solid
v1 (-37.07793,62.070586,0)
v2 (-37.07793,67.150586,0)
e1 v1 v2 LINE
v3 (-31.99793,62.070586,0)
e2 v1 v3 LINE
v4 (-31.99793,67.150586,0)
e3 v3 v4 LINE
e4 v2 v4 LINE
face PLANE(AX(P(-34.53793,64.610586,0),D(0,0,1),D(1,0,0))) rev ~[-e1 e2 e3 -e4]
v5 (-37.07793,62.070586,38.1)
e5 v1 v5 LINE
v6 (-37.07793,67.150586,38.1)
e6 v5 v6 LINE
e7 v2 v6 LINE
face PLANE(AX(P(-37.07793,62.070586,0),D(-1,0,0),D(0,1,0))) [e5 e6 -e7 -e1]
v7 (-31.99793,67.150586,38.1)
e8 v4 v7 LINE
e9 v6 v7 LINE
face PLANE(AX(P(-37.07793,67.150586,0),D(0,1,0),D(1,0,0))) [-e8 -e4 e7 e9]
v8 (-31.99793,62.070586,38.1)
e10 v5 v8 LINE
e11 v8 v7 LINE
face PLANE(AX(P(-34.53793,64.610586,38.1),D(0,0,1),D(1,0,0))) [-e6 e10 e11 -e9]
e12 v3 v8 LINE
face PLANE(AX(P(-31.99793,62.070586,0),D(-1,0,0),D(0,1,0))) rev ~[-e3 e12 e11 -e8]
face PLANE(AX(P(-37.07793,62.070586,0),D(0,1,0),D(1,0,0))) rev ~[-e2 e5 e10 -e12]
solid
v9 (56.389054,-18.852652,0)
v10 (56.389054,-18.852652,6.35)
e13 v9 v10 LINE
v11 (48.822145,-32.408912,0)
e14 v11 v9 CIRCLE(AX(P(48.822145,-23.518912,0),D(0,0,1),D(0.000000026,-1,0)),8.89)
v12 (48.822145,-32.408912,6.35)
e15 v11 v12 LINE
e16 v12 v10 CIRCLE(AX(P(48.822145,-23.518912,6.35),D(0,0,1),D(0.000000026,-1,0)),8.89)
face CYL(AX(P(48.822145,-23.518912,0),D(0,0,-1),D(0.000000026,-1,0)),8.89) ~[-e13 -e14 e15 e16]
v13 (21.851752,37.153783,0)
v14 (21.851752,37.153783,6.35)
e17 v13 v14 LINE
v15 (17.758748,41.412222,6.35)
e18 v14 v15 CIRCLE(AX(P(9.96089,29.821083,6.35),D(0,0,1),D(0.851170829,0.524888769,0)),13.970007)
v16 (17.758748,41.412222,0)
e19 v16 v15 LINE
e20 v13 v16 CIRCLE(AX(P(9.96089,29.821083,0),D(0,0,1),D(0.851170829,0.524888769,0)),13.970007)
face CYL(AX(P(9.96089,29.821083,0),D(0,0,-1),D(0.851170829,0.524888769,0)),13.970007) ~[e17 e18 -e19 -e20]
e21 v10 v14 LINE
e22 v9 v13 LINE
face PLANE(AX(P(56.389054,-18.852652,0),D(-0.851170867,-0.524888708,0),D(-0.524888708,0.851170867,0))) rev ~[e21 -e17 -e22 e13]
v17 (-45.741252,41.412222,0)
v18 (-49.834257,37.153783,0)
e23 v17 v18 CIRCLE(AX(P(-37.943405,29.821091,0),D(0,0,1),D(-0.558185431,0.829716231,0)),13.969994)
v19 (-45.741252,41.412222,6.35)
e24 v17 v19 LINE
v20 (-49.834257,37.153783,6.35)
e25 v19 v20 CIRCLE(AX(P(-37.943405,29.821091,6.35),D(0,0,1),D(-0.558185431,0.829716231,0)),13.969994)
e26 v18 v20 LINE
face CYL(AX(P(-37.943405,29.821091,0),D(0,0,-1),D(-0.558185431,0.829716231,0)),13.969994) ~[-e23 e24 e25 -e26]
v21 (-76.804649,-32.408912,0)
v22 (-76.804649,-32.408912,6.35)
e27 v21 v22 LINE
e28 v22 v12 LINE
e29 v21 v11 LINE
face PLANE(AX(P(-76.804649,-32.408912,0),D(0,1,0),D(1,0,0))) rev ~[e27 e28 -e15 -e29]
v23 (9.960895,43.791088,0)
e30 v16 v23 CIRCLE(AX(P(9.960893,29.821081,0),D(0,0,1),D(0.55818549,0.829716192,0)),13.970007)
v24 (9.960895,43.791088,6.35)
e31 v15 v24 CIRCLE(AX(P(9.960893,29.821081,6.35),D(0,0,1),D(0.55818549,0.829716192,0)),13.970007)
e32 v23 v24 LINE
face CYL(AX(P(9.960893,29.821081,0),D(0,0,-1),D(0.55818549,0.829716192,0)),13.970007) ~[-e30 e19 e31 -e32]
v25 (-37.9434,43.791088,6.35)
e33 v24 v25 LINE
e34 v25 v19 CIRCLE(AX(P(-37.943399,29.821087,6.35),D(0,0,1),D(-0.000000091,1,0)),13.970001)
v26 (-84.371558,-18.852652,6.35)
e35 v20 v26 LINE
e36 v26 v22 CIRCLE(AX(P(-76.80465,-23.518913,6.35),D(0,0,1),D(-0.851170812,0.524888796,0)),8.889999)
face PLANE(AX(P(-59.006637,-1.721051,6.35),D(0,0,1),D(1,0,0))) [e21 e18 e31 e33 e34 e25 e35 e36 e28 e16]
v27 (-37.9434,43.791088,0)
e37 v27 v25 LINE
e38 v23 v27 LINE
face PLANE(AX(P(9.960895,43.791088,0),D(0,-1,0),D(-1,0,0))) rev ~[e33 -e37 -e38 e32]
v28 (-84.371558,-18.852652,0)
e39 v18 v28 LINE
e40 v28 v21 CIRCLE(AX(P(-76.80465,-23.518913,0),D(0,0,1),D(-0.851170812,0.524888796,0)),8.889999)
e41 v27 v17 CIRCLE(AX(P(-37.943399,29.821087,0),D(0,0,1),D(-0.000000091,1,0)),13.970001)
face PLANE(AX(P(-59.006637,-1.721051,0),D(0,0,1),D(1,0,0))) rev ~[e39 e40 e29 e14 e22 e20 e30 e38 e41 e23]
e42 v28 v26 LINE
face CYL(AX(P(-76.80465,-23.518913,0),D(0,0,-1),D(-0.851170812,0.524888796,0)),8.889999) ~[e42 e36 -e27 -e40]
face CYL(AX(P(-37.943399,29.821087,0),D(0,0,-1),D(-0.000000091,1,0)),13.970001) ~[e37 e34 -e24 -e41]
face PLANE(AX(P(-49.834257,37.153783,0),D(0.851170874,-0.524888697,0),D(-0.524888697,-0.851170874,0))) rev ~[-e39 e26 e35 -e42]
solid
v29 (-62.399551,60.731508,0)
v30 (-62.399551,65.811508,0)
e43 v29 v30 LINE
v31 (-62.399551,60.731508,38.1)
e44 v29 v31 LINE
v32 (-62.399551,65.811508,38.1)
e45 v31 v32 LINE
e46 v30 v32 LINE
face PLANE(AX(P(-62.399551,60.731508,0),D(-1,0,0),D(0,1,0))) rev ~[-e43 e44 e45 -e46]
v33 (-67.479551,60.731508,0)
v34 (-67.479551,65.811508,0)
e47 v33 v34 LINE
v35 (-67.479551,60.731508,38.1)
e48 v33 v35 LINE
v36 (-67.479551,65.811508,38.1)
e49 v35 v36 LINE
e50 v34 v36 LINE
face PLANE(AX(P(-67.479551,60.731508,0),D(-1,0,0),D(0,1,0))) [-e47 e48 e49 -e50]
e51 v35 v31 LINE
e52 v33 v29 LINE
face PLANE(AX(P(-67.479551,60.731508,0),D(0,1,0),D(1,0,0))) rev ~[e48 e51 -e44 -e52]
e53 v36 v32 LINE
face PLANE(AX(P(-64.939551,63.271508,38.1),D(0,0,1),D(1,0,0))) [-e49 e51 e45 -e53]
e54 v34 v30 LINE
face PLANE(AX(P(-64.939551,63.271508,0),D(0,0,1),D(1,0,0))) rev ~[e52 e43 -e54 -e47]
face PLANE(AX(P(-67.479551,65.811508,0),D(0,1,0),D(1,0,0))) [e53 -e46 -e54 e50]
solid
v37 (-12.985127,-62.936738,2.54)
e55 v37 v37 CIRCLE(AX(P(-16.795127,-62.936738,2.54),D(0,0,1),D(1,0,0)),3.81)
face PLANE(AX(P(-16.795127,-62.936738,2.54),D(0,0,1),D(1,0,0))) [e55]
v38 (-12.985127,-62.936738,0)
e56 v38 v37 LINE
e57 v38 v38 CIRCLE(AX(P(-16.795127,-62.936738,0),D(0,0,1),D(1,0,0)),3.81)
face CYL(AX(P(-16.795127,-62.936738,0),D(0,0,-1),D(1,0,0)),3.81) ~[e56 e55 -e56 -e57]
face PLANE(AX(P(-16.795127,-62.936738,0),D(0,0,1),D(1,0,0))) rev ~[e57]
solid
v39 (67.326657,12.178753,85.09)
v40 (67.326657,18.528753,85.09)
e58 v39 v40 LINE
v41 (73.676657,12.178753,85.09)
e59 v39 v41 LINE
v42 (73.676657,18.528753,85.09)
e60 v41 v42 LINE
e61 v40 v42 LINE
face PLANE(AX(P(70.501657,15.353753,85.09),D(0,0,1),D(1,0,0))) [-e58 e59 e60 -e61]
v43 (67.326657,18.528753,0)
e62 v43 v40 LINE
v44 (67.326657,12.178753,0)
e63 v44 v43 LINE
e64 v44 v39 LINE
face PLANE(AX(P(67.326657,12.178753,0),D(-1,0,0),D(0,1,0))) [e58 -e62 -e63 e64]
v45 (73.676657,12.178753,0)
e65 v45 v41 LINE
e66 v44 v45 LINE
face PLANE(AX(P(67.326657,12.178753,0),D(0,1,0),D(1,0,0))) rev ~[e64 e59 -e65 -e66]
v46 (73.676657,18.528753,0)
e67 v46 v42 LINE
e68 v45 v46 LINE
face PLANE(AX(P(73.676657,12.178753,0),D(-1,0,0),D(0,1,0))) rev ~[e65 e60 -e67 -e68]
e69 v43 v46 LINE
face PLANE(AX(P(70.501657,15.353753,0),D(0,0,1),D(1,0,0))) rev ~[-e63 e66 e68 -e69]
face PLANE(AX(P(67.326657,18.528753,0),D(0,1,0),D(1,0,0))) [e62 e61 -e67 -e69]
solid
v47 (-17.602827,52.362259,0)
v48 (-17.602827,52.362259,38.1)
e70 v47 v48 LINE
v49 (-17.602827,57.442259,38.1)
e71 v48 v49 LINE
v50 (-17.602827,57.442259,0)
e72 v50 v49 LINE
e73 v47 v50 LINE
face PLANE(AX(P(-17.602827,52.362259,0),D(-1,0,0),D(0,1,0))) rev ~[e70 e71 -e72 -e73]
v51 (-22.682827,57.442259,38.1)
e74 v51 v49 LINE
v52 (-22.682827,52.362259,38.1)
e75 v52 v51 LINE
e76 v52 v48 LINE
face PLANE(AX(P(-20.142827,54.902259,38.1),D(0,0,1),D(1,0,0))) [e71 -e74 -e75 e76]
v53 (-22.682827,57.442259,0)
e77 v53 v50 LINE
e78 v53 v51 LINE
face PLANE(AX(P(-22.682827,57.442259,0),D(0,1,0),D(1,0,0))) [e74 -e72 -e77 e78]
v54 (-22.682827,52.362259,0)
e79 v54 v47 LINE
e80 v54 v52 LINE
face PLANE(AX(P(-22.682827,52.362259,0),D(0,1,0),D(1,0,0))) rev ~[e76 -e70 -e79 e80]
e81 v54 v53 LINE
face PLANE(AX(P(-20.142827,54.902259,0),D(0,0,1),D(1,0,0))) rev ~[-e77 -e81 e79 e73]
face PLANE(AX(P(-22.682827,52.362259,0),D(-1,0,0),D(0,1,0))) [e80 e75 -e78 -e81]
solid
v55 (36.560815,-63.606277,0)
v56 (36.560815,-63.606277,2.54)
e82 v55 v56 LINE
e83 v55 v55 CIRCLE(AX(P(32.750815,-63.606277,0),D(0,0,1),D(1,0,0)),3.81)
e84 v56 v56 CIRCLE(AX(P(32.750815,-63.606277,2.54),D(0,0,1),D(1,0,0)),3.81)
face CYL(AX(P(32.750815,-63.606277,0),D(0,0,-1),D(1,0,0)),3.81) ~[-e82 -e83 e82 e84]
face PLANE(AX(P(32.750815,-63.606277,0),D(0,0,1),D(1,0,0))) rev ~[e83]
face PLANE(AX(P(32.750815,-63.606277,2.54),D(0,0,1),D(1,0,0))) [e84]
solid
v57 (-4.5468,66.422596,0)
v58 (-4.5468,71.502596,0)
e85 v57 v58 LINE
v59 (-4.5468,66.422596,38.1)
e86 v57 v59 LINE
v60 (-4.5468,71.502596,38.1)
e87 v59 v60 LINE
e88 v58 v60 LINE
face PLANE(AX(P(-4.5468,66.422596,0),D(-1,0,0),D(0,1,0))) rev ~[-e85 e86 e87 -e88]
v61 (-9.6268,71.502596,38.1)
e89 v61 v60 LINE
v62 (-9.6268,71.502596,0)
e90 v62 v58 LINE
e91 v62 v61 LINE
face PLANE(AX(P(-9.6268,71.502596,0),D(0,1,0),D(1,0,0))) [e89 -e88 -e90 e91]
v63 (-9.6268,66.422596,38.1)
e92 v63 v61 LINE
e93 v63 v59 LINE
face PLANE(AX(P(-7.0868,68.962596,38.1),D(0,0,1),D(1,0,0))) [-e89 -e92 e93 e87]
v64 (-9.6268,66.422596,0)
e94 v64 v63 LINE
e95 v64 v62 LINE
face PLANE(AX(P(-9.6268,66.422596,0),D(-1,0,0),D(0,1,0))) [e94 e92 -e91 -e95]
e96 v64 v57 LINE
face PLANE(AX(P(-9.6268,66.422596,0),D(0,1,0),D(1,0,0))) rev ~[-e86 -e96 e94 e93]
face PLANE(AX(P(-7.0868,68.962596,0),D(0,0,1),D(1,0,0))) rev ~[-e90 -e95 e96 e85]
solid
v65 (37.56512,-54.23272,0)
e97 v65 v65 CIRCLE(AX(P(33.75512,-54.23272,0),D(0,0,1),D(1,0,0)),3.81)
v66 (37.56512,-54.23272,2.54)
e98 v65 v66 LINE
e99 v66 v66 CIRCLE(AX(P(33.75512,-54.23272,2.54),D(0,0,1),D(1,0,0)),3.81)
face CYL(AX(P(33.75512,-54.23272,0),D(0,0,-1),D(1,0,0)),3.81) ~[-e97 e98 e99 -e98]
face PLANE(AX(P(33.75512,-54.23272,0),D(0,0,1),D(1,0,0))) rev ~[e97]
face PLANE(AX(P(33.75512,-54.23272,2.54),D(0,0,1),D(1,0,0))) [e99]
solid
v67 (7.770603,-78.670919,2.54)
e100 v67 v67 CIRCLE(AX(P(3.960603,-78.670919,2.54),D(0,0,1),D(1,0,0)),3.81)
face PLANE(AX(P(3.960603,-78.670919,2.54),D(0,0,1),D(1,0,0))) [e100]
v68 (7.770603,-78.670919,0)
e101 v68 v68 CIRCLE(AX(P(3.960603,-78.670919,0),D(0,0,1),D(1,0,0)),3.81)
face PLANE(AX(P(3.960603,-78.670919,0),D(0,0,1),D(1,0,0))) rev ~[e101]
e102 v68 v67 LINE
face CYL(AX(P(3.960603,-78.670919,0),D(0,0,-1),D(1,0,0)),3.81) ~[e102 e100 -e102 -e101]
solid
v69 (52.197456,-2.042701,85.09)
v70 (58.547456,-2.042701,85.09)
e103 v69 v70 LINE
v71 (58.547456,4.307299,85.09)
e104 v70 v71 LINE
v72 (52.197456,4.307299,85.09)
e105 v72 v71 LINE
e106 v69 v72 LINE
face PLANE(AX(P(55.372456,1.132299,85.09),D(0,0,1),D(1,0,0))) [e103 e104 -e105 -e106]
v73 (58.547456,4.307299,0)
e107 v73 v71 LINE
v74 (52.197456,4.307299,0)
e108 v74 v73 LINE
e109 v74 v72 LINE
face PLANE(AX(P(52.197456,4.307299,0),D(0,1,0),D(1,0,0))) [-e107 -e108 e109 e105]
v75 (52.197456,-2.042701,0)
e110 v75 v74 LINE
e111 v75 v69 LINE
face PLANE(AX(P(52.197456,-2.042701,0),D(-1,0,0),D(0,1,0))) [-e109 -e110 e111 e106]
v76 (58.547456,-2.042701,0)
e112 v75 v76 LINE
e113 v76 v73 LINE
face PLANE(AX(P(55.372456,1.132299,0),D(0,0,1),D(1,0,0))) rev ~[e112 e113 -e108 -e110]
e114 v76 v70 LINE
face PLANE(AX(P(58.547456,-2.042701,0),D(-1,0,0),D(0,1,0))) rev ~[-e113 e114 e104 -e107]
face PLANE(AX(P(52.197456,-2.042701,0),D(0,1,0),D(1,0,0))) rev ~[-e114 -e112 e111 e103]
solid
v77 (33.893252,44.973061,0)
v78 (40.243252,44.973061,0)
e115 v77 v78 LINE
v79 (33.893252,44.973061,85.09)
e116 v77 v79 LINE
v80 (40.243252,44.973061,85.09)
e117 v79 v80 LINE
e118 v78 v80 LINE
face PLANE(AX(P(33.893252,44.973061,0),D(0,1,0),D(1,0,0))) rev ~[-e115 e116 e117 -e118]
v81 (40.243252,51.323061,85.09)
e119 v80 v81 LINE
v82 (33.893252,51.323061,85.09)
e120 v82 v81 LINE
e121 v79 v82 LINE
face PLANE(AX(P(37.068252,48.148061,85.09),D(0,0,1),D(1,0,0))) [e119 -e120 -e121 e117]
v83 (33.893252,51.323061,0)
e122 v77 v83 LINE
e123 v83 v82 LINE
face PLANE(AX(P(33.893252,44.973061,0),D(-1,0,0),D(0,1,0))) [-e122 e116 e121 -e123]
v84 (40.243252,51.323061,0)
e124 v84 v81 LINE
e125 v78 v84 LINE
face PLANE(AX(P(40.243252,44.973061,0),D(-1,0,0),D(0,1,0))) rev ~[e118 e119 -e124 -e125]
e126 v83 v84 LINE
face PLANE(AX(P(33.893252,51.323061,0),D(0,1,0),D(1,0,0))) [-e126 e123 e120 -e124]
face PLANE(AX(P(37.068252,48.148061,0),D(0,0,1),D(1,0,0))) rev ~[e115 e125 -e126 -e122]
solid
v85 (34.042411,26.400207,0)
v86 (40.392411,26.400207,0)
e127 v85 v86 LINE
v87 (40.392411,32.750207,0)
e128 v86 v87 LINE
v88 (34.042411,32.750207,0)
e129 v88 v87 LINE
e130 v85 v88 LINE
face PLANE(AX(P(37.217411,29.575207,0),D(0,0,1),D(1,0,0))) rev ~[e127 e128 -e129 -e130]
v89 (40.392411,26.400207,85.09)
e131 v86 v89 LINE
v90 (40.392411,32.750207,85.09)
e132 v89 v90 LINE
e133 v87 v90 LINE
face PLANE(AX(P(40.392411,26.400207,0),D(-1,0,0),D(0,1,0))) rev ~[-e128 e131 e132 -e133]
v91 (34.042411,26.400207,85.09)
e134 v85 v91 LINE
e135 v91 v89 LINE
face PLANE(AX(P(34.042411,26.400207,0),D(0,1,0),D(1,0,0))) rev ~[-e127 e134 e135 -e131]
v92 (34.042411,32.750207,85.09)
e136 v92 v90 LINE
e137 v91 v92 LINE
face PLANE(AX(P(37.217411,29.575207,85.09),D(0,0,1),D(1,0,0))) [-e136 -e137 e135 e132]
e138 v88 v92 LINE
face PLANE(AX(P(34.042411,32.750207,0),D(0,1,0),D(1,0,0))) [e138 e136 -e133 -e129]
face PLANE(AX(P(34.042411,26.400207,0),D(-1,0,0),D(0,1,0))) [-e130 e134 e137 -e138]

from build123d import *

# Parameters (mm, degrees)
F1_DEPTH = 6.35
F2_W     = 6.35
F2_H     = 6.35
F3_DEPTH = 85.09
F4_W     = 5.08
F4_H     = 5.08
F5_DEPTH = 38.1
F6_R     = 3.81
F7_DEPTH = 2.54


with BuildPart() as f1:
    # F0 (on Top) → F1 (new body)
    with BuildSketch(Plane.XY):
        with BuildLine():
            Line((-45.741252, -32.408912), (-45.741252, 41.412222))
            ThreePointArc((-45.741252, 41.412222), (-48.015386, 39.50179), (-49.834257, 37.153783))
            Line((-49.834257, 37.153783), (-84.371558, -18.852652))
            ThreePointArc((-84.371558, -18.852652), (-84.567225, -27.85187), (-76.804649, -32.408912))
            Line((-76.804649, -32.408912), (-45.741252, -32.408912))
        make_face()
        with BuildLine():
            ThreePointArc((21.851752, 37.153783), (20.032881, 39.50179), (17.758748, 41.412222))
            Line((17.758748, 41.412222), (17.758748, -32.408912))
            Line((17.758748, -32.408912), (48.822145, -32.408912))
            ThreePointArc((48.822145, -32.408912), (56.58472, -27.85187), (56.389054, -18.852652))
            Line((56.389054, -18.852652), (21.851752, 37.153783))
        make_face()
        with BuildLine():
            Line((9.960895, 43.791088), (-37.9434, 43.791088))
            ThreePointArc((-37.9434, 43.791088), (-42.019719, 43.183143), (-45.741252, 41.412222))
            Line((-45.741252, 41.412222), (-45.741252, -32.408912))
            Line((-45.741252, -32.408912), (17.758748, -32.408912))
            Line((17.758748, -32.408912), (17.758748, 41.412222))
            ThreePointArc((17.758748, 41.412222), (14.037214, 43.183143), (9.960895, 43.791088))
        make_face()
    extrude(amount=F1_DEPTH)


with BuildPart() as f3:
    # F2 (on Top) → F3 (new body)
    with BuildSketch(Plane.XY):
        with Locations((55.372456, 1.132299)):
            Rectangle(F2_W, F2_H)
        with Locations((70.501657, 15.353753)):
            Rectangle(F2_W, F2_H)
        with Locations((37.217411, 29.575207)):
            Rectangle(F2_W, F2_H)
        with Locations((37.068252, 48.148061)):
            Rectangle(F2_W, F2_H)
    extrude(amount=F3_DEPTH)


with BuildPart() as f5:
    # F4 (on Top) → F5 (new body)
    with BuildSketch(Plane.XY):
        with Locations((-7.0868, 68.962596)):
            Rectangle(F4_W, F4_H)
        with Locations((-20.142827, 54.902259)):
            Rectangle(F4_W, F4_H)
        with Locations((-34.53793, 64.610586)):
            Rectangle(F4_W, F4_H)
        with Locations((-64.939551, 63.271508)):
            Rectangle(F4_W, F4_H)
    extrude(amount=F5_DEPTH)


with BuildPart() as f7:
    # F6 (on Top) → F7 (new body)
    with BuildSketch(Plane.XY):
        with Locations((33.75512, -54.23272)):
            Circle(F6_R)
        with Locations((3.960603, -78.670919)):
            Circle(F6_R)
        with Locations((-16.795127, -62.936738)):
            Circle(F6_R)
        with Locations((32.750815, -63.606277)):
            Circle(F6_R)
    extrude(amount=F7_DEPTH)


solid = Compound([f1.part, f3.part, f5.part, f7.part])
